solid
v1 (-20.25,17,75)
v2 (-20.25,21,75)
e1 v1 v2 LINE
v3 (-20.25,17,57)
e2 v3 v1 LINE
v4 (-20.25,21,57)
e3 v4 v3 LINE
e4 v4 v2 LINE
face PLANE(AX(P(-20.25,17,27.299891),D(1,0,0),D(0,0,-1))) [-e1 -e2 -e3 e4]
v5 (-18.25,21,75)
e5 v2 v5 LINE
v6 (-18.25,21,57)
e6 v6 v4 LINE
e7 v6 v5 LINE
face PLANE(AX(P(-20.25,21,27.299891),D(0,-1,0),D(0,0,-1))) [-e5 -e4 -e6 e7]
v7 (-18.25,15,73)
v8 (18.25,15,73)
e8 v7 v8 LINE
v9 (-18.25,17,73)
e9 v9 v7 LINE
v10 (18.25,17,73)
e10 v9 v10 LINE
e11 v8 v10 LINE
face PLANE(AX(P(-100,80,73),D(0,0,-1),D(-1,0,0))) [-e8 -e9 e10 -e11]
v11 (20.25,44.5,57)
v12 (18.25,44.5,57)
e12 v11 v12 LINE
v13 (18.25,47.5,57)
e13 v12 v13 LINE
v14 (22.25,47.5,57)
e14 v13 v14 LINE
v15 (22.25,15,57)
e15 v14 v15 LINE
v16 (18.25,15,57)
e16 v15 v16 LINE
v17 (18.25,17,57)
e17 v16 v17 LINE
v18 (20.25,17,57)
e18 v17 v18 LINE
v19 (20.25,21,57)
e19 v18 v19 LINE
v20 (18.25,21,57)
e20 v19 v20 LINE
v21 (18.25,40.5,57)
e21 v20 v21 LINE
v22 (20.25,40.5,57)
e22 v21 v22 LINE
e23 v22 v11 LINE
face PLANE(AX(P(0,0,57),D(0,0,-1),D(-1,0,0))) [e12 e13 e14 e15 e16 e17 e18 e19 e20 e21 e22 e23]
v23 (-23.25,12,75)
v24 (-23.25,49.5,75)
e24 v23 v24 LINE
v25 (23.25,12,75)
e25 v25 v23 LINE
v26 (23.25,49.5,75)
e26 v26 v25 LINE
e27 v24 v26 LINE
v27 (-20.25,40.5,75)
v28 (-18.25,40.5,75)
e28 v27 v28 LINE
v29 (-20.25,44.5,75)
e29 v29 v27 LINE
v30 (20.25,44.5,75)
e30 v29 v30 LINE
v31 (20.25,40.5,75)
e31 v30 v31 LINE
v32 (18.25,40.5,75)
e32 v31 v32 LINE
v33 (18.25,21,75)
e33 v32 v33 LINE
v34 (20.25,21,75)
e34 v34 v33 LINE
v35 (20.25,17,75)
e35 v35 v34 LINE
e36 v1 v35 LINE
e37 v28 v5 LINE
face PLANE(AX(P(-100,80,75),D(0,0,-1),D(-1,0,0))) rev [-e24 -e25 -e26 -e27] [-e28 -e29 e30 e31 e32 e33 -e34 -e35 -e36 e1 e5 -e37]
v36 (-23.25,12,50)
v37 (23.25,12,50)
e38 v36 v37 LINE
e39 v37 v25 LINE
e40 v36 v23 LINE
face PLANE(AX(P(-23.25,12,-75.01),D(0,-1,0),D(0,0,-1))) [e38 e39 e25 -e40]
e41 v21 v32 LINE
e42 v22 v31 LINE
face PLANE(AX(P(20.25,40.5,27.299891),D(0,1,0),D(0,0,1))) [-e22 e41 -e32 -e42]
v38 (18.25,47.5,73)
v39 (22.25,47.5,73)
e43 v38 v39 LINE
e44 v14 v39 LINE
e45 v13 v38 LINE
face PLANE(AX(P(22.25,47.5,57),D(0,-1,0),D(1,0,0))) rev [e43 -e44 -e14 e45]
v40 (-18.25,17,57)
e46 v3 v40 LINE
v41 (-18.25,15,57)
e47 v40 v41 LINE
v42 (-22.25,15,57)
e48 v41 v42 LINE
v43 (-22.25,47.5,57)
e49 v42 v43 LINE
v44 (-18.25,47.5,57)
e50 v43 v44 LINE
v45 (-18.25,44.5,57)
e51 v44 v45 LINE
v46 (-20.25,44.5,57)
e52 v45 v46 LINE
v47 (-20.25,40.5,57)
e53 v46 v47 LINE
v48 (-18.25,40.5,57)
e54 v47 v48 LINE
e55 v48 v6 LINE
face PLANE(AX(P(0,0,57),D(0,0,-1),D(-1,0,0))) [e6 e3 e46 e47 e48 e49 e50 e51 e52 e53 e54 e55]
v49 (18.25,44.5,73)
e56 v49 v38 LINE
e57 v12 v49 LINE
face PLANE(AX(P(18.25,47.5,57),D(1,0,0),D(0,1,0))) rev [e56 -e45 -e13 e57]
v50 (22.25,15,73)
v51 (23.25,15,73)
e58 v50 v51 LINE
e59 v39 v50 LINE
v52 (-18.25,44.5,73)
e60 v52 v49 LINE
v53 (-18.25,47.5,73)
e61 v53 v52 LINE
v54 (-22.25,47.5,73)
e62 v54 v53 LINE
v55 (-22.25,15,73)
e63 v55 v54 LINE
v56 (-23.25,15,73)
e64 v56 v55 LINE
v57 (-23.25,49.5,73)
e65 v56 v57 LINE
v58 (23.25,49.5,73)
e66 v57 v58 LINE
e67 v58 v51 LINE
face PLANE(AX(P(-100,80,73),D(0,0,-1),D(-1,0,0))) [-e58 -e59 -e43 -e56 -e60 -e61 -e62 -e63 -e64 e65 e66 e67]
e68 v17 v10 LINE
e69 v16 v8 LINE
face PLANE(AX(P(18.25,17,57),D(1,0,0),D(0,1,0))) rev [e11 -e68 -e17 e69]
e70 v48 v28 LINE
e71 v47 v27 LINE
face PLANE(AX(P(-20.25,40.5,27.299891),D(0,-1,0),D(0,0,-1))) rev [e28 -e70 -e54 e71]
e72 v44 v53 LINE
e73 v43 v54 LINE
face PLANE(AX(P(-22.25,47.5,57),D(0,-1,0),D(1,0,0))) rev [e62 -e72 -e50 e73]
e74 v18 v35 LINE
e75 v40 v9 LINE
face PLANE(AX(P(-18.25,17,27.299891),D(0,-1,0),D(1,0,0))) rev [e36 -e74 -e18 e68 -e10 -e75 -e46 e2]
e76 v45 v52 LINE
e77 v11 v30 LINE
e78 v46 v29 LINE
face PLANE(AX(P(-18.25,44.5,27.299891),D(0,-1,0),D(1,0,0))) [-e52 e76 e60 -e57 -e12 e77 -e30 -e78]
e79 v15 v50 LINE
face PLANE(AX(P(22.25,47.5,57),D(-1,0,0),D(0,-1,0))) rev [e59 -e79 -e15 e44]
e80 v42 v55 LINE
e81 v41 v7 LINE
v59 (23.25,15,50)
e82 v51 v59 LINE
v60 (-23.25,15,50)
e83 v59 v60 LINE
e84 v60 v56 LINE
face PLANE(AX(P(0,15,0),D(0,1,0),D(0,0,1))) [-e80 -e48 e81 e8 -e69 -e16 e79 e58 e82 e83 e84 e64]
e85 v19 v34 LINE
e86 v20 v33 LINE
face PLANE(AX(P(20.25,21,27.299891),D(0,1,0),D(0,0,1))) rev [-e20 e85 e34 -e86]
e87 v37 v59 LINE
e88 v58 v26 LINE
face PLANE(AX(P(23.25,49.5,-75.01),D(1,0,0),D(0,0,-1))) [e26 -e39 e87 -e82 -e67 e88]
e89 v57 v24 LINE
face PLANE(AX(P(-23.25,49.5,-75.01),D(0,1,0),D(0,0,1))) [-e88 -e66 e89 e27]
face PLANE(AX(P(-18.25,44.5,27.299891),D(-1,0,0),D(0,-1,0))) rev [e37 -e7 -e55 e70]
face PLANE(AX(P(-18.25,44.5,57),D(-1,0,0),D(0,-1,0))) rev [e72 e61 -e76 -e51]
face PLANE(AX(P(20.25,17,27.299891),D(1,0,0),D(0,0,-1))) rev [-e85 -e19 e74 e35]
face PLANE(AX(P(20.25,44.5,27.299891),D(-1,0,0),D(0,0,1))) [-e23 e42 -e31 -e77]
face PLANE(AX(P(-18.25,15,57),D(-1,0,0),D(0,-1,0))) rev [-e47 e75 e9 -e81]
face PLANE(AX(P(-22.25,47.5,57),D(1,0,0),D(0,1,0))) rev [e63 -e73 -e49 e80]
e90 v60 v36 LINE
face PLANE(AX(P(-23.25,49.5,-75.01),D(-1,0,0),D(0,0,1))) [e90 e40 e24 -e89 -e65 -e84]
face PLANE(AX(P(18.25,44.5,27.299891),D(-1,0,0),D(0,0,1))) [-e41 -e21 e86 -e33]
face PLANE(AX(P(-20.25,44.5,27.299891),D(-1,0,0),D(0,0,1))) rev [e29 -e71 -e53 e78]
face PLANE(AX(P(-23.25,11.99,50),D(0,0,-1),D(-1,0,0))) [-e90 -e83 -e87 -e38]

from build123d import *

# Parameters (mm, degrees)
SKETCH2_W                = 200
SKETCH2_H                = 150
BOSS_EXTRUDE1_DEPTH      = 80
FILLET1_R                = 10
SHELL1_T                 = -2
SHELL1_THICKNESS_2_DEPTH = 13
SKETCH5_W                = 2
SKETCH5_H                = 4
CUT_EXTRUDE1_DEPTH       = 2
BOSS_EXTRUDE2_DEPTH      = 16
SKETCH7_W                = 36.5
SKETCH7_H                = 27.5
CUT_EXTRUDE2_DEPTH       = 2
BOSS_EXTRUDE3_DEPTH      = 16
SKETCH10_W               = 36.5
SKETCH10_H               = 27.5
CUT_EXTRUDE4_DEPTH       = 2
BOSS_EXTRUDE4_DEPTH      = 16
SKETCH13_W               = 38
SKETCH13_H               = 19.1
CUT_EXTRUDE5_DEPTH       = 2
BOSS_EXTRUDE5_DEPTH      = 13.5
SKETCH15_W               = 10.5
SKETCH15_H               = 9.367949192
CUT_EXTRUDE6_DEPTH       = 3
CUT_EXTRUDE8_REACH       = 150.408
SKETCH20_R               = 8
SPLIT1_SURFACE_1_BACK    = 263.488
SPLIT1_SURFACE_1_DEPTH   = 526.976
SPLIT1_SURFACE_2_BACK    = 263.488
SPLIT1_SURFACE_2_DEPTH   = 526.976
SPLIT2_SURFACE_3_BACK    = 263.488
SPLIT2_SURFACE_3_DEPTH   = 526.976
SPLIT2_SURFACE_4_BACK    = 263.488
SPLIT2_SURFACE_4_DEPTH   = 526.976


with BuildPart() as part:
    # Sketch2 → Boss-Extrude1 (new body)
    with BuildSketch(Plane(origin=(0, 0, 0), x_dir=(1, 0, 0), z_dir=(0, 1, 0))):
        Rectangle(SKETCH2_W, SKETCH2_H)
    extrude(amount=BOSS_EXTRUDE1_DEPTH)

    # Fillet1
    fillet1_edges = [part.edges().sort_by_distance(p)[0] for p in [
        (100, 40, 75),
        (-100, 40, 75),
        (-100, 40, -75),
        (100, 40, -75),
    ]]
    fillet(fillet1_edges, radius=FILLET1_R)

    # Shell1
    shell1_openings = [part.faces().sort_by_distance(p)[0] for p in [
        (0, 80, 0),
    ]]
    offset(amount=SHELL1_T, openings=shell1_openings, kind=Kind.INTERSECTION)

    # Shell1 thickness 2 face (on inner face of the shell) → Shell1 thickness 2 (add)
    with BuildSketch(Plane(origin=(0, 2, 0), x_dir=(0, 0, -1), z_dir=(0, -1, 0))):
        with BuildLine():
            ThreePointArc((73, -90), (70.656854249, -95.656854249), (65, -98))
            Line((65, -98), (-65, -98))
            ThreePointArc((-65, -98), (-70.656854249, -95.656854249), (-73, -90))
            Line((-73, -90), (-73, 90))
            ThreePointArc((-73, 90), (-70.656854249, 95.656854249), (-65, 98))
            Line((-65, 98), (65, 98))
            ThreePointArc((65, 98), (70.656854249, 95.656854249), (73, 90))
            Line((73, 90), (73, -90))
        make_face()
    extrude(amount=-SHELL1_THICKNESS_2_DEPTH)

    # Sketch5 → Cut-Extrude1 (cut)
    with BuildSketch(Plane.XY.offset(75)):
        Polygon((18.25, 44.5), (-18.25, 44.5), (-18.25, 40.5), (-18.25, 21), (-18.25, 17), (18.25, 17), (18.25, 21), (18.25, 40.5), align=None)
        with Locations((-19.25, 42.5)):
            Rectangle(SKETCH5_W, SKETCH5_H)
        with Locations((19.25, 42.5)):
            Rectangle(SKETCH5_W, SKETCH5_H)
        with Locations((-19.25, 19)):
            Rectangle(SKETCH5_W, SKETCH5_H)
        with Locations((19.25, 19)):
            Rectangle(SKETCH5_W, SKETCH5_H)
    extrude(amount=-CUT_EXTRUDE1_DEPTH, mode=Mode.SUBTRACT)

    # Sketch6 → Boss-Extrude2 (add)
    with BuildSketch(Plane(origin=(0, 0, 73), x_dir=(-1, 0, 0), z_dir=(0, 0, -1))):
        Polygon((18.25, 15), (22.25, 15), (22.25, 47.5), (18.25, 47.5), (18.25, 44.5), (20.25, 44.5), (20.25, 40.5), (18.25, 40.5), (18.25, 21), (20.25, 21), (20.25, 17), (18.25, 17), align=None)
        Polygon((-22.25, 47.5), (-22.25, 15), (-18.25, 15), (-18.25, 17), (-20.25, 17), (-20.25, 21), (-18.25, 21), (-18.25, 40.5), (-20.25, 40.5), (-20.25, 44.5), (-18.25, 44.5), (-18.25, 47.5), align=None)
    extrude(amount=BOSS_EXTRUDE2_DEPTH)

    # Sketch7 → Cut-Extrude2 (cut)
    with BuildSketch(Plane(origin=(100, 0, 0), x_dir=(0, 0, -1), z_dir=(1, 0, 0))):
        with Locations((0, 30.75)):
            Rectangle(SKETCH7_W, SKETCH7_H)
        Polygon((-18.25, 43.5), (-19.75, 44.366025404), (-19.75, 41.633974596), (-18.25, 42.5), align=None)
        Polygon((-19.75, 19.866025404), (-18.25, 19), (-18.25, 18), (-19.75, 17.133974596), align=None)
        Polygon((19.75, 17.133974596), (19.75, 19.866025404), (18.25, 19), (18.25, 18), align=None)
        Polygon((19.75, 41.633974596), (18.25, 42.5), (18.25, 43.5), (19.75, 44.366025404), align=None)
    extrude(amount=-CUT_EXTRUDE2_DEPTH, mode=Mode.SUBTRACT)

    # Sketch8 → Boss-Extrude3 (add)
    with BuildSketch(Plane.ZY.offset(-98)):
        Polygon((-21.25, 47.5), (-18.25, 47.5), (-18.25, 43.5), (-19.75, 44.366025404), (-19.75, 41.633974596), (-18.25, 42.5), (-18.25, 19), (-19.75, 19.866025404), (-19.75, 17.133974596), (-18.25, 18), (-18.25, 15), (-21.25, 15), align=None)
        Polygon((19.75, 44.366025404), (18.25, 43.5), (18.25, 47.5), (21.25, 47.5), (21.25, 15), (18.25, 15), (18.25, 18), (19.75, 17.133974596), (19.75, 19.866025404), (18.25, 19), (18.25, 42.5), (19.75, 41.633974596), align=None)
    extrude(amount=BOSS_EXTRUDE3_DEPTH)

    # Sketch10 → Cut-Extrude4 (cut)
    with BuildSketch(Plane.ZY.offset(100)):
        with Locations((0, 30.75)):
            Rectangle(SKETCH10_W, SKETCH10_H)
        Polygon((-18.25, 43.5), (-19.75, 44.366025404), (-19.75, 41.633974596), (-18.25, 42.5), align=None)
        Polygon((-19.75, 19.866025404), (-18.25, 19), (-18.25, 18), (-19.75, 17.133974596), align=None)
        Polygon((19.75, 17.133974596), (19.75, 19.866025404), (18.25, 19), (18.25, 18), align=None)
        Polygon((19.75, 41.633974596), (18.25, 42.5), (18.25, 43.5), (19.75, 44.366025404), align=None)
    extrude(amount=-CUT_EXTRUDE4_DEPTH, mode=Mode.SUBTRACT)

    # Sketch11 → Boss-Extrude4 (add)
    with BuildSketch(Plane(origin=(-98, 0, 0), x_dir=(0, 0, -1), z_dir=(1, 0, 0))):
        Polygon((-18.25, 47.5), (-21.25, 47.5), (-21.25, 15), (-18.25, 15), (-18.25, 18), (-19.75, 17.133974596), (-19.75, 19.866025404), (-18.25, 19), (-18.25, 42.5), (-19.75, 41.633974596), (-19.75, 44.366025404), (-18.25, 43.5), align=None)
        Polygon((19.75, 44.366025404), (18.25, 43.5), (18.25, 47.5), (21.25, 47.5), (21.25, 15), (18.25, 15), (18.25, 18), (19.75, 17.133974596), (19.75, 19.866025404), (18.25, 19), (18.25, 42.5), (19.75, 41.633974596), align=None)
    extrude(amount=BOSS_EXTRUDE4_DEPTH)

    # Sketch13 → Cut-Extrude5 (cut)
    with BuildSketch(Plane.XY.offset(75)):
        Polygon((41, 39.3), (39.5, 40.166025404), (39.5, 37.433974596), (41, 38.3), align=None)
        with Locations((60, 30.75)):
            Rectangle(SKETCH13_W, SKETCH13_H)
        Polygon((41, 22.2), (39.5, 21.333974596), (39.5, 24.066025404), (41, 23.2), align=None)
        Polygon((79, 22.2), (79, 23.2), (80.5, 24.066025404), (80.5, 21.333974596), align=None)
        Polygon((79, 39.3), (80.5, 40.166025404), (80.5, 37.433974596), (79, 38.3), align=None)
    extrude(amount=-CUT_EXTRUDE5_DEPTH, mode=Mode.SUBTRACT)

    # Sketch14 → Boss-Extrude5 (add)
    with BuildSketch(Plane(origin=(0, 0, 73), x_dir=(-1, 0, 0), z_dir=(0, 0, -1))):
        Polygon((-79, 43.3), (-82, 43.3), (-82, 15), (-79, 15), (-79, 22.2), (-80.5, 21.333974596), (-80.5, 24.066025404), (-79, 23.2), (-79, 38.3), (-80.5, 37.433974596), (-80.5, 40.166025404), (-79, 39.3), align=None)
        Polygon((-39.5, 40.166025404), (-41, 39.3), (-41, 43.3), (-38, 43.3), (-38, 15), (-41, 15), (-41, 22.2), (-39.5, 21.333974596), (-39.5, 24.066025404), (-41, 23.2), (-41, 38.3), (-39.5, 37.433974596), align=None)
    extrude(amount=BOSS_EXTRUDE5_DEPTH)

    # Sketch15 → Cut-Extrude6 (cut)
    with BuildSketch(Plane.ZY.offset(-38)):
        with Locations((66.75, 30.75)):
            Rectangle(SKETCH15_W, SKETCH15_H)
    extrude(amount=-CUT_EXTRUDE6_DEPTH, mode=Mode.SUBTRACT)

    # Sketch18 → Cut-Revolve1 (revolve, cut)
    with BuildSketch(Plane(origin=(0, 0, 0), x_dir=(0, 0, -1), z_dir=(1, 0, 0)), mode=Mode.PRIVATE) as cut_revolve1_sk:
        Polygon((-42.5, 0), (-70, 0), (-47.5, 10), (-42.5, 10), align=None)
    revolve(cut_revolve1_sk.sketch.rotate(Axis((0, 0, 0), (0, 1, 0)), 180), axis=Axis((0, 0, 0), (0, 1, 0)), mode=Mode.SUBTRACT)

    # Cut-Extrude8: up to this face of the body (flat: up to its plane)
    cut_extrude8_end = Plane(part.part.faces().sort_by_distance((-0.172584848, 15, -0.486016332))[0])
    # Sketch20 → Cut-Extrude8 (cut, up to the picked face)
    with BuildSketch(Plane.XZ, mode=Mode.PRIVATE) as cut_extrude8_sk1:
        with Locations(Location((0, -42.5, 0), (0, 0, 270))):
            Circle(SKETCH20_R)
    cut_extrude8_tool1 = split(extrude(cut_extrude8_sk1.sketch, amount=-CUT_EXTRUDE8_REACH, mode=Mode.PRIVATE), bisect_by=cut_extrude8_end, keep=Keep.BOTH, mode=Mode.PRIVATE)
    add(cut_extrude8_tool1.solids().sort_by(Axis((0, 0, -42.5), (0, 1, 0)))[0], mode=Mode.SUBTRACT)


with BuildPart() as body_2:
    # Split1: the piece behind the surface
    add(part.part)
    # Split1 surface: a surface, the sketch's curves swept straight by 526.976 mm
    with BuildLine(Plane.XY.offset(75).offset(-SPLIT1_SURFACE_1_BACK), mode=Mode.PRIVATE) as split1_surface_1_path:
        Line((-23.25, 49.5), (23.25, 49.5))
        Line((23.25, 49.5), (23.25, 12))
        Line((23.25, 12), (-23.25, 12))
        Line((-23.25, 12), (-23.25, 49.5))
    split1_surface_1 = Shell.extrude(split1_surface_1_path.wire(), (0 * SPLIT1_SURFACE_1_DEPTH, 0 * SPLIT1_SURFACE_1_DEPTH, 1 * SPLIT1_SURFACE_1_DEPTH))
    split(bisect_by=split1_surface_1, keep=Keep.BOTTOM)


with BuildPart() as part_1:
    add(part.part)

    # Split1: split by a surface, the side it looks to stays
    # Split1 surface: a surface, the sketch's curves swept straight by 526.976 mm
    with BuildLine(Plane.XY.offset(75).offset(-SPLIT1_SURFACE_2_BACK), mode=Mode.PRIVATE) as split1_surface_2_path:
        Line((-23.25, 49.5), (23.25, 49.5))
        Line((23.25, 49.5), (23.25, 12))
        Line((23.25, 12), (-23.25, 12))
        Line((-23.25, 12), (-23.25, 49.5))
    split1_surface_2 = Shell.extrude(split1_surface_2_path.wire(), (0 * SPLIT1_SURFACE_2_DEPTH, 0 * SPLIT1_SURFACE_2_DEPTH, 1 * SPLIT1_SURFACE_2_DEPTH))
    split(bisect_by=split1_surface_2, keep=Keep.TOP)


with BuildPart() as body_3:
    # Split2: the piece behind the surface
    add(body_2.part)
    # Split2 surface: a surface, the sketch's curves swept straight by 526.976 mm
    with BuildLine(Plane(origin=(0, 15, 0), x_dir=(1, 0, 0), z_dir=(0, 1, 0)).offset(-SPLIT2_SURFACE_3_BACK), mode=Mode.PRIVATE) as split2_surface_3_path:
        Line((-23.25, -75), (23.25, -75))
        Line((23.25, -75), (23.25, -50))
        Line((23.25, -50), (-23.25, -50))
        Line((-23.25, -50), (-23.25, -75))
    split2_surface_3 = Shell.extrude(split2_surface_3_path.wire(), (0 * SPLIT2_SURFACE_3_DEPTH, 1 * SPLIT2_SURFACE_3_DEPTH, 0 * SPLIT2_SURFACE_3_DEPTH))
    split(bisect_by=split2_surface_3, keep=Keep.BOTTOM)


with BuildPart() as body_2_1:
    add(body_2.part)

    # Split2: split by a surface, the side it looks to stays
    # Split2 surface: a surface, the sketch's curves swept straight by 526.976 mm
    with BuildLine(Plane(origin=(0, 15, 0), x_dir=(1, 0, 0), z_dir=(0, 1, 0)).offset(-SPLIT2_SURFACE_4_BACK), mode=Mode.PRIVATE) as split2_surface_4_path:
        Line((-23.25, -75), (23.25, -75))
        Line((23.25, -75), (23.25, -50))
        Line((23.25, -50), (-23.25, -50))
        Line((-23.25, -50), (-23.25, -75))
    split2_surface_4 = Shell.extrude(split2_surface_4_path.wire(), (0 * SPLIT2_SURFACE_4_DEPTH, 1 * SPLIT2_SURFACE_4_DEPTH, 0 * SPLIT2_SURFACE_4_DEPTH))
    split(bisect_by=split2_surface_4, keep=Keep.TOP)


solid = body_2_1.part
